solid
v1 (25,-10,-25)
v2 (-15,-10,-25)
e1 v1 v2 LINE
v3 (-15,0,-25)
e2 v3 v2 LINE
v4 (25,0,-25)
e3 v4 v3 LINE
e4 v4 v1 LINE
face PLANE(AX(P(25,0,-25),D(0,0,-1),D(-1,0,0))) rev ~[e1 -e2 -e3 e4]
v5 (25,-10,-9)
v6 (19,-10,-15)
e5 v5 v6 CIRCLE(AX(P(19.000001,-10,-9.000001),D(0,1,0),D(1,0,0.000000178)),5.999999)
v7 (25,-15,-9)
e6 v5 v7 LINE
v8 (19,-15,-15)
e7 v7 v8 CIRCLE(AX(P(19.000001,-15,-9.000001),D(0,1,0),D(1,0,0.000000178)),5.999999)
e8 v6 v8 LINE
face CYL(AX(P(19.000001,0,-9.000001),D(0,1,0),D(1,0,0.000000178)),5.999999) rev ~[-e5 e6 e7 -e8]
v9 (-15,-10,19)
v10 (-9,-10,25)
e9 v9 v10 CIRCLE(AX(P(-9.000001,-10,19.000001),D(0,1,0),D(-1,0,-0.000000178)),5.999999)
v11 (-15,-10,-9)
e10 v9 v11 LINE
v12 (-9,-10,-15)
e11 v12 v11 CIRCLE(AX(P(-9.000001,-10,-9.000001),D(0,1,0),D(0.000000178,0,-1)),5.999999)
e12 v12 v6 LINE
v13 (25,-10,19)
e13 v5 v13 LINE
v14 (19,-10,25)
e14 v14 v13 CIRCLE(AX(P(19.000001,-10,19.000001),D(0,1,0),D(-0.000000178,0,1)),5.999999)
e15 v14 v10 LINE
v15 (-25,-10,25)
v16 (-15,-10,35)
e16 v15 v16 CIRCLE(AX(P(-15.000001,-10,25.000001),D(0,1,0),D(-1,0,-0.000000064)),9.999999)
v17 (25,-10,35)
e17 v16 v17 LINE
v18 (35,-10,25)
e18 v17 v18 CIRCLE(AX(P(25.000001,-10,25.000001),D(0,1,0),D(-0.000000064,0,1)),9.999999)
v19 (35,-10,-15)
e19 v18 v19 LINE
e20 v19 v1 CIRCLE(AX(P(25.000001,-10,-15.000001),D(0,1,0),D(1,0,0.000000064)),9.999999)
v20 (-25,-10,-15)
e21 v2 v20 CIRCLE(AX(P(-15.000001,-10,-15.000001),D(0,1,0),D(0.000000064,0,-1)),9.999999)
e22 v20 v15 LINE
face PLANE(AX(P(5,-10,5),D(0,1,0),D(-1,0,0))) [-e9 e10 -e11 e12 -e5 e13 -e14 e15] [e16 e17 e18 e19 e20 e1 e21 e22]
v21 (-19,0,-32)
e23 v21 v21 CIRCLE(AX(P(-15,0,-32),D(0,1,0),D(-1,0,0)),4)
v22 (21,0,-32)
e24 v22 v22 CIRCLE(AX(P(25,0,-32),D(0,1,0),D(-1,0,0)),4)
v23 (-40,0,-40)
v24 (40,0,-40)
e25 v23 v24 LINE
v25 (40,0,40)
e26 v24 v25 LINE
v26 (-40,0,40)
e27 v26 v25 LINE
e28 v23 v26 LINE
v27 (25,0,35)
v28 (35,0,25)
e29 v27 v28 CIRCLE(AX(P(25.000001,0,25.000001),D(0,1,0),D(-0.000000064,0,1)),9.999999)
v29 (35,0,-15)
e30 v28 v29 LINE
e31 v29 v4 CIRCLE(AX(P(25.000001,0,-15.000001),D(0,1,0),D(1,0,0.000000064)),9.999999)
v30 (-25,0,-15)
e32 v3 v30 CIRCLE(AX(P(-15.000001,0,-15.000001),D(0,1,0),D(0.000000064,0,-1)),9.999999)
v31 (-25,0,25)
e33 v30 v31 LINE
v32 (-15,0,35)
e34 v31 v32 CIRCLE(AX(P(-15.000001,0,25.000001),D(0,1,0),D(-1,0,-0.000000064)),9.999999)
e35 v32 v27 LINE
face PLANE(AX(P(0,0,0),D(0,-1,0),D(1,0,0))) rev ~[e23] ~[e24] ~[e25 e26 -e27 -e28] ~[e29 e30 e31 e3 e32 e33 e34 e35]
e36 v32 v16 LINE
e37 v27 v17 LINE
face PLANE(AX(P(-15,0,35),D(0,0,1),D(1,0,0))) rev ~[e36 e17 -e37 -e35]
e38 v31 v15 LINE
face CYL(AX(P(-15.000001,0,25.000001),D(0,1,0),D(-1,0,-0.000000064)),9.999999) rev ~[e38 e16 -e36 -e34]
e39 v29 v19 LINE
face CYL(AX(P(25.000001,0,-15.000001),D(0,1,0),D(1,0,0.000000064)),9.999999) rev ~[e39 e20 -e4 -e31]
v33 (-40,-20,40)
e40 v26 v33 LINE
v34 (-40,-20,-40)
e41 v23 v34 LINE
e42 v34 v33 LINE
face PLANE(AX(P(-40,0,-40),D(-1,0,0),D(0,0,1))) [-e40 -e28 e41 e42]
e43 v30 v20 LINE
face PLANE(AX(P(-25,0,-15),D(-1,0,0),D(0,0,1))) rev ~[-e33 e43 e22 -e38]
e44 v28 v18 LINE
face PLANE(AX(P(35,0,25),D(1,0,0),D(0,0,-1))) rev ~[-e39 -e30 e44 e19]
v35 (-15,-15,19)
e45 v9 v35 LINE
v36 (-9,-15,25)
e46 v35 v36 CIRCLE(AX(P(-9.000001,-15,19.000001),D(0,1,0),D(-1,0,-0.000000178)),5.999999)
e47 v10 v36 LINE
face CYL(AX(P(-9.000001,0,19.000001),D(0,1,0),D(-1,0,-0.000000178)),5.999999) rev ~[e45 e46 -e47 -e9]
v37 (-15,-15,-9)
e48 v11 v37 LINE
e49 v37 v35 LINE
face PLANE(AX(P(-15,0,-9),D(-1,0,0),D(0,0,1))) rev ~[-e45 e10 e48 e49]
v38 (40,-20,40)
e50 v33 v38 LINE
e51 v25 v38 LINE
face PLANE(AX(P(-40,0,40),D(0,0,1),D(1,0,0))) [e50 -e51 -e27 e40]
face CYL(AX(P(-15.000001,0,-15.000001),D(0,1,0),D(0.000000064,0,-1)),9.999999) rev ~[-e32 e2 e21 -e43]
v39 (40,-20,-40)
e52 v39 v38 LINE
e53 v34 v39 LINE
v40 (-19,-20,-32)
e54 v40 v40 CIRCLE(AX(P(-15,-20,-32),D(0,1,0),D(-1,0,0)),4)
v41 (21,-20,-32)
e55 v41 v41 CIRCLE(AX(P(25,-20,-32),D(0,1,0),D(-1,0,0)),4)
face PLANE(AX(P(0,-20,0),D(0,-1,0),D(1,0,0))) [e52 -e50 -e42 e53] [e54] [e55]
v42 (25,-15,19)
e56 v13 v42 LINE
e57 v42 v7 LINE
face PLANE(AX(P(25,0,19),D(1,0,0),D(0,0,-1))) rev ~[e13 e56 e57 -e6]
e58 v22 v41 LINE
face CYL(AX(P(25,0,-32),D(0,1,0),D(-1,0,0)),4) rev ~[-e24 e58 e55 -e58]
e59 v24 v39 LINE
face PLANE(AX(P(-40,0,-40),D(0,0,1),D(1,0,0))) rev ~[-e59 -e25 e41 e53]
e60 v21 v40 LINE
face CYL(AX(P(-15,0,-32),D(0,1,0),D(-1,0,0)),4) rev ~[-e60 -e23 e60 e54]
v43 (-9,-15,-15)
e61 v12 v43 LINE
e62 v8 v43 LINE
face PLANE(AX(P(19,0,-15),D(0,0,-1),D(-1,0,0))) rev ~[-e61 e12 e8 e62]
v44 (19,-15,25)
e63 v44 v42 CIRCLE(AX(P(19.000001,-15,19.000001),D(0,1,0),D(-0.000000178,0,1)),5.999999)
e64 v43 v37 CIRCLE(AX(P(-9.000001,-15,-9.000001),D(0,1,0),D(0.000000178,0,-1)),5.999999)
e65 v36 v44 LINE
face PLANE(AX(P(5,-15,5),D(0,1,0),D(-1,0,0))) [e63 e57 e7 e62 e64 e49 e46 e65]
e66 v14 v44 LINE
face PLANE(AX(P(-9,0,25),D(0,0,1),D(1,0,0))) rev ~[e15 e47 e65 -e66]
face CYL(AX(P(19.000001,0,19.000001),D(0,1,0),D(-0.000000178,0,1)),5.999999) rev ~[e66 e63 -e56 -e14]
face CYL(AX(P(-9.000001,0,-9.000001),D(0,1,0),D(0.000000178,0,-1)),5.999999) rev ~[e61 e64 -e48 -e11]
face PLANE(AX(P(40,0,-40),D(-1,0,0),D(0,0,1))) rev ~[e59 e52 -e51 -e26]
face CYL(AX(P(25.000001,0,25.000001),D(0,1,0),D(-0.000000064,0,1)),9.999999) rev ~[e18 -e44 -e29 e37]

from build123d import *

# Parameters (mm, degrees)
F0_W     = 80
F0_H     = 80
F1_DEPTH = 20
F3_DEPTH = 15
F5_DEPTH = 10
F6_R     = 4
F7_DEPTH = 25


with BuildPart() as f1:
    # F0 (on Front) → F1 (new body)
    with BuildSketch(Plane.XZ):
        Rectangle(F0_W, F0_H)
    extrude(amount=F1_DEPTH)

    # F2 (on face) → F3 (cut)
    with BuildSketch(Plane(origin=(0, 0, 0), x_dir=(-1, 0, 0), z_dir=(0, 1, 0))):
        with BuildLine():
            ThreePointArc((-19, 25), (-23.242641, 23.242641), (-25, 19))
            Line((-25, 19), (-25, -9))
            ThreePointArc((-25, -9), (-23.242641, -13.242641), (-19, -15))
            Line((-19, -15), (9, -15))
            ThreePointArc((9, -15), (13.242641, -13.242641), (15, -9))
            Line((15, -9), (15, 19))
            ThreePointArc((15, 19), (13.242641, 23.242641), (9, 25))
            Line((9, 25), (-19, 25))
        make_face()
    extrude(amount=-F3_DEPTH, mode=Mode.SUBTRACT)

    # F4 (on face) → F5 (cut)
    with BuildSketch(Plane(origin=(0, 0, 0), x_dir=(-1, 0, 0), z_dir=(0, 1, 0))):
        with BuildLine():
            Line((-35, 25), (-35, -15))
            ThreePointArc((-35, -15), (-32.071068, -22.071068), (-25, -25))
            Line((-25, -25), (15, -25))
            ThreePointArc((15, -25), (22.071068, -22.071068), (25, -15))
            Line((25, -15), (25, 25))
            ThreePointArc((25, 25), (22.071068, 32.071068), (15, 35))
            Line((15, 35), (-25, 35))
            ThreePointArc((-25, 35), (-32.071068, 32.071068), (-35, 25))
        make_face()
    extrude(amount=-F5_DEPTH, mode=Mode.SUBTRACT)

    # F6 (on face) → F7 (cut)
    with BuildSketch(Plane(origin=(0, 0, 0), x_dir=(-1, 0, 0), z_dir=(0, 1, 0))):
        with Locations((-25, -32)):
            Circle(F6_R)
        with Locations((15, -32)):
            Circle(F6_R)
    extrude(amount=-F7_DEPTH, mode=Mode.SUBTRACT)


solid = f1.part
